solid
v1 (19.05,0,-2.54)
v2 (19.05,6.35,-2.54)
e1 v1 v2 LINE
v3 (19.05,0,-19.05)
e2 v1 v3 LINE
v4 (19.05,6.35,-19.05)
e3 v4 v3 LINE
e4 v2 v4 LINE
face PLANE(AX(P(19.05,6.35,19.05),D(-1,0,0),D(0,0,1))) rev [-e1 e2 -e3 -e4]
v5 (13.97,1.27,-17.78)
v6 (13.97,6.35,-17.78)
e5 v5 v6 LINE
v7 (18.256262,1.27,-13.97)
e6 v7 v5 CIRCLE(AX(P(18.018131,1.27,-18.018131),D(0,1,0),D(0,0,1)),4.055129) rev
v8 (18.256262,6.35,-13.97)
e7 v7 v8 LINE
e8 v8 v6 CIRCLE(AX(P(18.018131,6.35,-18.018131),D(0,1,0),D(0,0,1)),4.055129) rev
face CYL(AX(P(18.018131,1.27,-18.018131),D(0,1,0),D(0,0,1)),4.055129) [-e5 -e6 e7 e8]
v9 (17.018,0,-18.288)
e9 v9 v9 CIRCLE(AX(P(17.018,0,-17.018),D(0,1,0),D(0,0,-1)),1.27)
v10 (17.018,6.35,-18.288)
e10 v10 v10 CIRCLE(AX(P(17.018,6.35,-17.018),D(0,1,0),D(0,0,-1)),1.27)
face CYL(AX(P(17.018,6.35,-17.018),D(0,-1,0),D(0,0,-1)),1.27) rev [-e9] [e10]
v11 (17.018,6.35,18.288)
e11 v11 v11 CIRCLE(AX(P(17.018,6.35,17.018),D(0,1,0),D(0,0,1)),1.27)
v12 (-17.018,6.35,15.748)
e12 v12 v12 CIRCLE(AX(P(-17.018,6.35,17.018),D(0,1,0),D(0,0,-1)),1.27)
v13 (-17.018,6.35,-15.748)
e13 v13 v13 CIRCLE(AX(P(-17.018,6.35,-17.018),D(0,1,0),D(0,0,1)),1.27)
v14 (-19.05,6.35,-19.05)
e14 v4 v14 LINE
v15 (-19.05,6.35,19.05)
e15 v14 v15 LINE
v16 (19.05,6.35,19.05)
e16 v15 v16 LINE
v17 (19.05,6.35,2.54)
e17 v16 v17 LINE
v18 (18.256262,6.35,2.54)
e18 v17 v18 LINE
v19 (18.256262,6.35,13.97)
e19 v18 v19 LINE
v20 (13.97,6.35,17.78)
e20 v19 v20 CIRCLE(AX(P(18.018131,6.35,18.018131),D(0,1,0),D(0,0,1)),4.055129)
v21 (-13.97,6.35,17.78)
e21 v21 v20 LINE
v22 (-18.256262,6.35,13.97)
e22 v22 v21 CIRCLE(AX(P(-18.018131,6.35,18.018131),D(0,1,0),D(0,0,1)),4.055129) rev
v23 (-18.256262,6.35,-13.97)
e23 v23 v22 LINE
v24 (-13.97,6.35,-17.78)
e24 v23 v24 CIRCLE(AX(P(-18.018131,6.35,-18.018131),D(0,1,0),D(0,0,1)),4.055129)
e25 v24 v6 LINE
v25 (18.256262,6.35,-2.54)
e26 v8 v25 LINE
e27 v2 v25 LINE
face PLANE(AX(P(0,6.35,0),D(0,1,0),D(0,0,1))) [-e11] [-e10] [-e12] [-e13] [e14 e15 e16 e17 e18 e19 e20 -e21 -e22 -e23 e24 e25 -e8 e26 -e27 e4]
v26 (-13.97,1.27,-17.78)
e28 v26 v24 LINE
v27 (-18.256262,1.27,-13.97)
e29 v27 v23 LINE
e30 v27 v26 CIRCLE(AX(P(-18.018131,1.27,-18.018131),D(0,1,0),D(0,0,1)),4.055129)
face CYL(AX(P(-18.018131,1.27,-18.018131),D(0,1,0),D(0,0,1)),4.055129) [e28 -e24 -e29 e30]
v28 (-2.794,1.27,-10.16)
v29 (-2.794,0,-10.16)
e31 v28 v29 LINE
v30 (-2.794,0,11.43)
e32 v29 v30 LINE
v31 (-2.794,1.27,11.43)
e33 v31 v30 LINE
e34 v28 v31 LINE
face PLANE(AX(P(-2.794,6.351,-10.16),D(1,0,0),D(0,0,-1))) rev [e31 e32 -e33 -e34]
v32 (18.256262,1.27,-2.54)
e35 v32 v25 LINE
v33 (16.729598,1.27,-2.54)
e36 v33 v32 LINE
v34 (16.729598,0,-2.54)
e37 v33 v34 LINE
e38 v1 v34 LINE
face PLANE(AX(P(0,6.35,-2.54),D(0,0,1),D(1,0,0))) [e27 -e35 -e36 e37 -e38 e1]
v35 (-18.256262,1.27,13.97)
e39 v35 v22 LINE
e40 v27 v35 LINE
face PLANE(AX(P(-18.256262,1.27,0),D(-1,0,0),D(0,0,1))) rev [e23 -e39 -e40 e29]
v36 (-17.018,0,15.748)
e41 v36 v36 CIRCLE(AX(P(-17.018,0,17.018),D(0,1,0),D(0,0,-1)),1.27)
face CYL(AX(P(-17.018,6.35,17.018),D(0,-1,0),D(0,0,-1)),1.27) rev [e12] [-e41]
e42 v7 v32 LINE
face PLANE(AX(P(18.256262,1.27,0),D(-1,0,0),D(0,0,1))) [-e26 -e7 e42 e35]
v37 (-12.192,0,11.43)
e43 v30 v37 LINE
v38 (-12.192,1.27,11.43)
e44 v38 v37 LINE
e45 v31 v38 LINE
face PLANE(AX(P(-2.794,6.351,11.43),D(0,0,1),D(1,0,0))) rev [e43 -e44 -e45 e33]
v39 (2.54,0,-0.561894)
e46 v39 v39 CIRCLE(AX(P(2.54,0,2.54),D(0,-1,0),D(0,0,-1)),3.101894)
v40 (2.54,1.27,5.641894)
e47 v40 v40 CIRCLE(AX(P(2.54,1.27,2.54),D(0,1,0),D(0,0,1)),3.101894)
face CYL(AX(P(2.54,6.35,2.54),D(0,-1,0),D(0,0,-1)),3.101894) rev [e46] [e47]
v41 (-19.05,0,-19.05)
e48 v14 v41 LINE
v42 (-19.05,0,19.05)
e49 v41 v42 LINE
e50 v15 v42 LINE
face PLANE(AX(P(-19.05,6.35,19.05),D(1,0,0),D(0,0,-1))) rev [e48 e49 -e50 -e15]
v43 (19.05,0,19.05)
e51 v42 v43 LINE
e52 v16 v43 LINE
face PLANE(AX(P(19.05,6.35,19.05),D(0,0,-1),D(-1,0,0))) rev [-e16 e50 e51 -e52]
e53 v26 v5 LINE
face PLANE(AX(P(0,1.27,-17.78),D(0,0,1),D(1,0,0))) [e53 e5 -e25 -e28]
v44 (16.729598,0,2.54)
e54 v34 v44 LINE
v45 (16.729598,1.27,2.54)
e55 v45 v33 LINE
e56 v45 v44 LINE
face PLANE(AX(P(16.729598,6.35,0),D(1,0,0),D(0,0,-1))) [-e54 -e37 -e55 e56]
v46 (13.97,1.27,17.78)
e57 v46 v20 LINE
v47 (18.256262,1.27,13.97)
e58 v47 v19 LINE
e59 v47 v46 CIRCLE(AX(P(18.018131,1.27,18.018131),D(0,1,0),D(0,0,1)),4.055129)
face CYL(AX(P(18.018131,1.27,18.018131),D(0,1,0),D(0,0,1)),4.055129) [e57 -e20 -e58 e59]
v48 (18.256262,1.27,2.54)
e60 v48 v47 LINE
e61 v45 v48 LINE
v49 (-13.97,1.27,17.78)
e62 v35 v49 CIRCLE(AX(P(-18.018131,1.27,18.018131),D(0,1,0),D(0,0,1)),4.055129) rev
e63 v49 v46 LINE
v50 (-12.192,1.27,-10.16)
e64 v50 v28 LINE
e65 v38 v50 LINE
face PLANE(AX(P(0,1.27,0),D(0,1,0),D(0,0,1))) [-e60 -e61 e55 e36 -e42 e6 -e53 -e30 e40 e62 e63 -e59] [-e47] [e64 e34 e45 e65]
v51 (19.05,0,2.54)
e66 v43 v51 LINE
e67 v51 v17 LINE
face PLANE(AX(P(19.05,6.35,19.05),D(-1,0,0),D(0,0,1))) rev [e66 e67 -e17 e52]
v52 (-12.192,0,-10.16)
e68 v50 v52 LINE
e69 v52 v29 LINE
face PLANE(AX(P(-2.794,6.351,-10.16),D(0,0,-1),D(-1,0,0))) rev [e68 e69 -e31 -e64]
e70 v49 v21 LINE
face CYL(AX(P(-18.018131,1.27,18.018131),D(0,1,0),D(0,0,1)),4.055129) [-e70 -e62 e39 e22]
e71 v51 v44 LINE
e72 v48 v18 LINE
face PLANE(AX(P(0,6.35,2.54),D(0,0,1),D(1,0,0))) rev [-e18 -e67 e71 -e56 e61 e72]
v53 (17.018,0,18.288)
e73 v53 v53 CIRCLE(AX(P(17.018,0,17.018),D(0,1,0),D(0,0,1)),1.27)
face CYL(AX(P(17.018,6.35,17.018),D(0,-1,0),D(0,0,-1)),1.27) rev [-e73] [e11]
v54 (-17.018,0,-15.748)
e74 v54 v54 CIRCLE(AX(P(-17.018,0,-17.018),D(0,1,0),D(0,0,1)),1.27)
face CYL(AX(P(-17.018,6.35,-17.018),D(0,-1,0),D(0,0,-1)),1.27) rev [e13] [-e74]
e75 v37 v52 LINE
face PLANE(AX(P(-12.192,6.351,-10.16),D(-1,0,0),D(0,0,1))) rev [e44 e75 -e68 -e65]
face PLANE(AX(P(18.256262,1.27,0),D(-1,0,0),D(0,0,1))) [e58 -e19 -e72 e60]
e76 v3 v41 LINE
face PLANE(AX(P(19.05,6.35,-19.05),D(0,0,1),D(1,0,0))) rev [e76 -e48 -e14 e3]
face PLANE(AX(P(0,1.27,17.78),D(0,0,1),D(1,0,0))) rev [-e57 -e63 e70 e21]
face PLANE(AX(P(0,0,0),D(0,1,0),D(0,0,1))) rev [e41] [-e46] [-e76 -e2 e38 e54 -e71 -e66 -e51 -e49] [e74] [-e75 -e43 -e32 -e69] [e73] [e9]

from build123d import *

# Parameters (mm, degrees)
SKETCH1_W           = 38.1
SKETCH1_H           = 38.1
SKETCH1_R           = 1.27
BOSS_EXTRUDE1_DEPTH = 6.35
CUT_EXTRUDE1_DEPTH  = 5.08
CUT_EXTRUDE2_REACH  = 29.679
SKETCH3_W           = 9.398
SKETCH3_H           = 21.59
SKETCH4_W           = 2.320401775
SKETCH4_H           = 5.08
SKETCH4_R           = 3.101894328
CUT_EXTRUDE3_DEPTH  = 28.679008291


with BuildPart() as part:
    # Sketch1 → Boss-Extrude1 (new body)
    with BuildSketch(Plane(origin=(0, 0, 0), x_dir=(1, 0, 0), z_dir=(0, 1, 0))):
        Rectangle(SKETCH1_W, SKETCH1_H)
        with Locations(Location((-17.018, 17.018, 0), (0, 0, 270))):
            Circle(SKETCH1_R, mode=Mode.SUBTRACT)
        with Locations(Location((-17.018, -17.018, 0), (0, 0, 90))):
            Circle(SKETCH1_R, mode=Mode.SUBTRACT)
        with Locations(Location((17.018, -17.018, 0), (0, 0, 270))):
            Circle(SKETCH1_R, mode=Mode.SUBTRACT)
        with Locations(Location((17.018, 17.018, 0), (0, 0, 90))):
            Circle(SKETCH1_R, mode=Mode.SUBTRACT)
    extrude(amount=BOSS_EXTRUDE1_DEPTH)

    # Sketch2 → Cut-Extrude1 (cut)
    with BuildSketch(Plane(origin=(0, 6.35, 0), x_dir=(1, 0, 0), z_dir=(0, 1, 0))):
        with BuildLine():
            Line((18.256262039, 13.97), (18.256262039, -13.97))
            ThreePointArc((18.256262039, -13.97), (15.324054183, -14.987286066), (13.97, -17.78))
            Line((13.97, -17.78), (-13.97, -17.78))
            ThreePointArc((-13.97, -17.78), (-15.324054183, -14.987286066), (-18.256262039, -13.97))
            Line((-18.256262039, -13.97), (-18.256262039, 13.97))
            ThreePointArc((-18.256262039, 13.97), (-15.324054183, 14.987286066), (-13.97, 17.78))
            Line((-13.97, 17.78), (13.97, 17.78))
            ThreePointArc((13.97, 17.78), (15.324054183, 14.987286066), (18.256262039, 13.97))
        make_face()
    extrude(amount=-CUT_EXTRUDE1_DEPTH, mode=Mode.SUBTRACT)

    # Sketch3 → Cut-Extrude2 (cut, up to next)
    with BuildSketch(Plane.XZ, mode=Mode.PRIVATE) as cut_extrude2_sk1:
        with Locations((-7.493, 0.635)):
            Rectangle(SKETCH3_W, SKETCH3_H)
    cut_extrude2_tool1 = extrude(cut_extrude2_sk1.sketch, amount=-CUT_EXTRUDE2_REACH, mode=Mode.PRIVATE) & part.part
    add(cut_extrude2_tool1.solids().sort_by_distance((-7.493, 0, 0.635))[0], mode=Mode.SUBTRACT)

    # Sketch4 → Cut-Extrude3 (cut, through all)
    with BuildSketch(Plane.XZ):
        with Locations((20.210200888, 0)):
            Rectangle(SKETCH4_W, SKETCH4_H)
        with Locations((17.889799113, 0)):
            Rectangle(SKETCH4_W, SKETCH4_H)
        with Locations(Location((2.54, 2.54, 0), (0, 0, 270))):
            Circle(SKETCH4_R)
    extrude(amount=-CUT_EXTRUDE3_DEPTH, mode=Mode.SUBTRACT)


solid = part.part
